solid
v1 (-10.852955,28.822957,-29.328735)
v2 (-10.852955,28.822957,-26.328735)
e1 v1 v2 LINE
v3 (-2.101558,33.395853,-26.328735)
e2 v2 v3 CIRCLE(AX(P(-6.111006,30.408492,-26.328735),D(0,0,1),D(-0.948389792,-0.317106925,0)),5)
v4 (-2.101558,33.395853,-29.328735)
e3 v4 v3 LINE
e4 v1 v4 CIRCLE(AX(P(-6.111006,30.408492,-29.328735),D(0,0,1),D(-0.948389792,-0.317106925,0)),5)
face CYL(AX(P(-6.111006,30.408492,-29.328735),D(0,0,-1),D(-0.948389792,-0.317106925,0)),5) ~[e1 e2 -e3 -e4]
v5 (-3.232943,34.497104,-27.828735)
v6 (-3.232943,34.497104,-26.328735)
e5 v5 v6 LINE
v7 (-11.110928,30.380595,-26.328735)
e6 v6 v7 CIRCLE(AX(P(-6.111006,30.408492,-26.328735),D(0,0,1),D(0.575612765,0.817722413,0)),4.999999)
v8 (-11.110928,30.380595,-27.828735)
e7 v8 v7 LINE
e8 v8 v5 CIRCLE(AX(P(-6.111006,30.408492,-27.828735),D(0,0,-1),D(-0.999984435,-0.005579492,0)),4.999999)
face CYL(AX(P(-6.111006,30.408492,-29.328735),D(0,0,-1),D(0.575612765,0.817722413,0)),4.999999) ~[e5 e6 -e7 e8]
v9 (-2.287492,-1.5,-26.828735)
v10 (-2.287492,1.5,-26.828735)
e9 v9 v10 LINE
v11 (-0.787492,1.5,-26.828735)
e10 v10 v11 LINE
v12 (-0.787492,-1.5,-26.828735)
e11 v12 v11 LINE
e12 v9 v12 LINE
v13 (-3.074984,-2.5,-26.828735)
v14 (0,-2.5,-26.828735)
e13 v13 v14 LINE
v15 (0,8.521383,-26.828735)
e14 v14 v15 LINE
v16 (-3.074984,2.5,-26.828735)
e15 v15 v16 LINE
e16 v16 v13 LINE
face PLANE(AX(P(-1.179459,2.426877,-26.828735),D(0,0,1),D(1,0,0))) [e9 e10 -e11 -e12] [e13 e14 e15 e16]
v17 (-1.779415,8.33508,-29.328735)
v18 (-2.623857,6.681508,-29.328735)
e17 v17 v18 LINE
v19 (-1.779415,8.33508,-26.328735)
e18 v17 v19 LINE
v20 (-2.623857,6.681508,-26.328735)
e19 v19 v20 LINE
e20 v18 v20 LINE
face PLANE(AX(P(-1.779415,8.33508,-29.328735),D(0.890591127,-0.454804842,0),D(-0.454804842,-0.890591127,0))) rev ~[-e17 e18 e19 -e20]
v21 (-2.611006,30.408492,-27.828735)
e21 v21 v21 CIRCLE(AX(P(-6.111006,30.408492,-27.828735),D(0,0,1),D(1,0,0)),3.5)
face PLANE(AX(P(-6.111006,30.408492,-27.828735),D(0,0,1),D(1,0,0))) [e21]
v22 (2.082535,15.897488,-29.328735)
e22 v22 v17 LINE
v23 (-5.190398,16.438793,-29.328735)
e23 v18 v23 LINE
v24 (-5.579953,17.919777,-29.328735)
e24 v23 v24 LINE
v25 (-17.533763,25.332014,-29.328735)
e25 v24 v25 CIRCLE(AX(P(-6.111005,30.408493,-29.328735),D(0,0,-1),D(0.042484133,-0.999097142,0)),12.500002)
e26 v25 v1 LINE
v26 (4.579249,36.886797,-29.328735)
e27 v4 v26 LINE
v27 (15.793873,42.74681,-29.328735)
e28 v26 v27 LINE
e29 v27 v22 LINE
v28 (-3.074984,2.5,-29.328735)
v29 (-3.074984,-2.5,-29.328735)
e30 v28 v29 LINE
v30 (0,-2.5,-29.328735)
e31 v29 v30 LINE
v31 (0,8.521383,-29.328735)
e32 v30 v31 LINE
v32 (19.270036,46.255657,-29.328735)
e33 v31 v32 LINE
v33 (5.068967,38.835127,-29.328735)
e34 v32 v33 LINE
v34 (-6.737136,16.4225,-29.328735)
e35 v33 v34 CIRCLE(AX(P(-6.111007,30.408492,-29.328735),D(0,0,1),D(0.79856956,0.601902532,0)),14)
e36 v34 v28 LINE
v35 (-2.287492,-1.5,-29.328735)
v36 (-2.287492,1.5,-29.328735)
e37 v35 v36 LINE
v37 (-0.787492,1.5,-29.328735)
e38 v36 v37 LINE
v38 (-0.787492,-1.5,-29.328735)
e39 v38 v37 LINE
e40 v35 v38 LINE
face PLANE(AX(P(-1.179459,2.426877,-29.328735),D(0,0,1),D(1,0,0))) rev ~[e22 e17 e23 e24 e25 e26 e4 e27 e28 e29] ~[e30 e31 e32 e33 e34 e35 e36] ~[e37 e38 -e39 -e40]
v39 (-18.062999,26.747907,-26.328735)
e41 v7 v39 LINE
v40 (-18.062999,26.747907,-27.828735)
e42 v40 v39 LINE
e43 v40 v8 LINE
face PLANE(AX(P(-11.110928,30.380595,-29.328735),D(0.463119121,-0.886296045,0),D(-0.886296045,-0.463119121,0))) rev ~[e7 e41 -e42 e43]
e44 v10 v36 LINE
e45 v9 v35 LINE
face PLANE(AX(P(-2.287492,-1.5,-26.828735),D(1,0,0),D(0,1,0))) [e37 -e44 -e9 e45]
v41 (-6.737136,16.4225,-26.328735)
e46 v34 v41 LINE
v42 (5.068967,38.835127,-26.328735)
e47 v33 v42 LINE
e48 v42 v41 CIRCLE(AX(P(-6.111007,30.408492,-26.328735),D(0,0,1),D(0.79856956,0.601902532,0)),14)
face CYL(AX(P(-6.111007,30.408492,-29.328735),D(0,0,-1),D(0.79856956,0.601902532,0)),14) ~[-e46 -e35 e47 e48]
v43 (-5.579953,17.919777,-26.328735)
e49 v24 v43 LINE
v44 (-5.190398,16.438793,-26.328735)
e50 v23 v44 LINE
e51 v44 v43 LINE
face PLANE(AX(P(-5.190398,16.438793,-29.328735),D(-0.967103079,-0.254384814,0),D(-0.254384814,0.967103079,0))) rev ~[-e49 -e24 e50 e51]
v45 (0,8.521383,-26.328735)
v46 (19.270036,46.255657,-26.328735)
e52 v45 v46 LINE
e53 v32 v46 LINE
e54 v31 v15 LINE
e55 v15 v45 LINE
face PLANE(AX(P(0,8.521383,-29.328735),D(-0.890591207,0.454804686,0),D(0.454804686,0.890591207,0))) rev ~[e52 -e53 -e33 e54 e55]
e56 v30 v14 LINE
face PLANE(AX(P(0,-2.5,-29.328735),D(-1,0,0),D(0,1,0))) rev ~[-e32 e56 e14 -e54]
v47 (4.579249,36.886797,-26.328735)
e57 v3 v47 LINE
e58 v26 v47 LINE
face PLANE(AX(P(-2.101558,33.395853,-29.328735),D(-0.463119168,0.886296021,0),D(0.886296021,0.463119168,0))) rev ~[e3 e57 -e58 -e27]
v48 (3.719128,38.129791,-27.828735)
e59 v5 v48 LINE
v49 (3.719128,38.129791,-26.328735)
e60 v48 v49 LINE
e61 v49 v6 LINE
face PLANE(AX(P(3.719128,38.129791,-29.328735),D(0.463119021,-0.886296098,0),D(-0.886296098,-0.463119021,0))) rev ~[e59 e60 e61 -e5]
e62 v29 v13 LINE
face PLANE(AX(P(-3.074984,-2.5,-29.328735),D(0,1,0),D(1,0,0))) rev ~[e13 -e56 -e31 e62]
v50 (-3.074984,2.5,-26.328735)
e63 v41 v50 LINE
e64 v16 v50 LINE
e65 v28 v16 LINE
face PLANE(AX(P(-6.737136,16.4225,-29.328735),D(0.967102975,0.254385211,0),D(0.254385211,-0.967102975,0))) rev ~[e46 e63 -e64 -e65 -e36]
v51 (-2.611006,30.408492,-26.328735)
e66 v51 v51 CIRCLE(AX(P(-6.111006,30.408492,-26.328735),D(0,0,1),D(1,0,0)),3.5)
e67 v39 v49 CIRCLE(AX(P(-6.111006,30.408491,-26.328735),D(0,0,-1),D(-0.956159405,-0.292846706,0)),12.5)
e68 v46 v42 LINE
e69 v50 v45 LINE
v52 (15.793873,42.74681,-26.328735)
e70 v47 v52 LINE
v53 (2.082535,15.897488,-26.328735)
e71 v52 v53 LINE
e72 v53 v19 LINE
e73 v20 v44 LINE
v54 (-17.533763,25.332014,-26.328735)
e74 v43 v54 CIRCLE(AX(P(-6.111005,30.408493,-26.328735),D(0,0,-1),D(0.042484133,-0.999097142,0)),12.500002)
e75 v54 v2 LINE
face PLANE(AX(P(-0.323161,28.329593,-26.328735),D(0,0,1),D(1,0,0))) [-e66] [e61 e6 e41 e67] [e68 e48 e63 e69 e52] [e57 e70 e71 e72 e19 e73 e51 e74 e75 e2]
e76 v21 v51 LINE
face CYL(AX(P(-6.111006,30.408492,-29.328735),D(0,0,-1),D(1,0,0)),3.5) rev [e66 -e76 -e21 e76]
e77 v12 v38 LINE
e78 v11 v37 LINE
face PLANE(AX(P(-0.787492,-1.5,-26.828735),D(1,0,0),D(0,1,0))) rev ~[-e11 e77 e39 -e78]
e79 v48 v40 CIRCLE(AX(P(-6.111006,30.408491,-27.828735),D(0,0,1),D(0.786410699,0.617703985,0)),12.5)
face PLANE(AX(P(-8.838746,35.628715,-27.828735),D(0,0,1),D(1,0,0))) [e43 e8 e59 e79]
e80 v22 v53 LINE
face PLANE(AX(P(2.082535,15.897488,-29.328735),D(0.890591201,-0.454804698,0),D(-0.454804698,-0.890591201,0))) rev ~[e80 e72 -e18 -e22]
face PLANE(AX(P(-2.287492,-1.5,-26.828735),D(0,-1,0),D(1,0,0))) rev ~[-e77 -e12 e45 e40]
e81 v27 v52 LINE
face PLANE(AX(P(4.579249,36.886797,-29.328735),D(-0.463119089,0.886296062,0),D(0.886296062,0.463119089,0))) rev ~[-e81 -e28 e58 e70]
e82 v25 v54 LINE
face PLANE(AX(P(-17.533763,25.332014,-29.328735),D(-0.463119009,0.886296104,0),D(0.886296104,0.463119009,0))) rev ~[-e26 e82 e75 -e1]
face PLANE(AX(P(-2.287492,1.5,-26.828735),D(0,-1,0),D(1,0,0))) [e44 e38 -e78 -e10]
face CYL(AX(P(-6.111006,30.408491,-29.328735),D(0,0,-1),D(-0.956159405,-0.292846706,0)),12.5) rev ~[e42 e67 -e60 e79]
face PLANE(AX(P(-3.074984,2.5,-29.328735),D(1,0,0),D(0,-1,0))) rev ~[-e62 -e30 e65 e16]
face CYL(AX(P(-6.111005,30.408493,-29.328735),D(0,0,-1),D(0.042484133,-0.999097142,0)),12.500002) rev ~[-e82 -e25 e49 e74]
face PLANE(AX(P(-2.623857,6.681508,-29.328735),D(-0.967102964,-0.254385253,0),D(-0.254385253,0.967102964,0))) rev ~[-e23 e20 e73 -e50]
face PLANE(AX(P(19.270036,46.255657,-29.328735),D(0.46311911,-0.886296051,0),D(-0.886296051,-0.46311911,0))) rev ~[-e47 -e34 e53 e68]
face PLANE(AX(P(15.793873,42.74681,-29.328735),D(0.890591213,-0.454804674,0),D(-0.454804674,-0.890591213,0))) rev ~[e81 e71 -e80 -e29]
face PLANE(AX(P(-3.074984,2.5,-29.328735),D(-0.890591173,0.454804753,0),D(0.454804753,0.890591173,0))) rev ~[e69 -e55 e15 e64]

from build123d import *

# Parameters (mm, degrees)
F0_R     = 3.5
F1_DEPTH = 3
F2_DEPTH = 1.5
F3_DEPTH = 2.5
F4_W     = 1.5
F4_H     = 3
F5_DEPTH = 25
F6_ANGLE = 270


with BuildPart() as f1:
    # F0 (on Front) → F1 (new body)
    with BuildSketch(Plane.XZ):
        with BuildLine():
            ThreePointArc((5.068967, 14.506392), (-18.497587, 12.604527), (-6.737136, -7.906235))
            Line((-6.737136, -7.906235), (-3.074984, -21.828735))
            Line((-3.074984, -21.828735), (0, -15.807352))
            Line((0, -15.807352), (19.270036, 21.926922))
            Line((19.270036, 21.926922), (5.068967, 14.506392))
        make_face()
        with BuildLine():
            ThreePointArc((-5.579953, -6.408958), (-12.698313, -4.543679), (-17.533763, 1.003279))
            Line((-17.533763, 1.003279), (-10.852955, 4.494222))
            ThreePointArc((-10.852955, 4.494222), (-3.795411, 1.648276), (-2.101558, 9.067118))
            Line((-2.101558, 9.067118), (4.579249, 12.558062))
            Line((4.579249, 12.558062), (15.793873, 18.418075))
            Line((15.793873, 18.418075), (2.082535, -8.431247))
            Line((2.082535, -8.431247), (-1.779415, -15.993655))
            Line((-1.779415, -15.993655), (-2.623857, -17.647227))
            Line((-2.623857, -17.647227), (-5.190398, -7.889942))
            Line((-5.190398, -7.889942), (-5.579953, -6.408958))
        make_face(mode=Mode.SUBTRACT)
        with Locations((-6.111006, 6.079757)):
            Circle(F0_R, mode=Mode.SUBTRACT)
        with BuildLine():
            Line((-11.110928, 6.05186), (-18.062999, 2.419172))
            ThreePointArc((-18.062999, 2.419172), (-11.899995, 17.158457), (3.719128, 13.801056))
            Line((3.719128, 13.801056), (-3.232943, 10.168369))
            ThreePointArc((-3.232943, 10.168369), (-8.426602, 10.511237), (-11.110928, 6.05186))
        make_face(mode=Mode.SUBTRACT)
    extrude(amount=F1_DEPTH)

    # F0 (on Front) → F2 (join)
    with BuildSketch(Plane.XZ):
        with BuildLine():
            ThreePointArc((3.719128, 13.801056), (-11.899995, 17.158457), (-18.062999, 2.419172))
            Line((-18.062999, 2.419172), (-11.110928, 6.05186))
            ThreePointArc((-11.110928, 6.05186), (-8.426602, 10.511237), (-3.232943, 10.168369))
            Line((-3.232943, 10.168369), (3.719128, 13.801056))
        make_face()
        with Locations((-6.111006, 6.079757)):
            Circle(F0_R)
    extrude(amount=F2_DEPTH)

    # F0 (on Front) → F3 (join)
    with BuildSketch(Plane.XZ):
        Polygon((0, -15.807352), (-3.074984, -21.828735), (-3.074984, -26.828735), (0, -26.828735), align=None)
    extrude(amount=F3_DEPTH)

    # F4 (on face) → F5 (cut)
    with BuildSketch(Plane.XZ.offset(2.5)):
        with Locations((-1.537492, -24.328735)):
            Rectangle(F4_W, F4_H)
    extrude(amount=-F5_DEPTH, mode=Mode.SUBTRACT)


with BuildPart() as f1_1:
    # F6: moved
    add(f1.part.rotate(Axis((-1.537492, -2.5, -26.828735), (1, 0, 0)), F6_ANGLE))


solid = f1_1.part
